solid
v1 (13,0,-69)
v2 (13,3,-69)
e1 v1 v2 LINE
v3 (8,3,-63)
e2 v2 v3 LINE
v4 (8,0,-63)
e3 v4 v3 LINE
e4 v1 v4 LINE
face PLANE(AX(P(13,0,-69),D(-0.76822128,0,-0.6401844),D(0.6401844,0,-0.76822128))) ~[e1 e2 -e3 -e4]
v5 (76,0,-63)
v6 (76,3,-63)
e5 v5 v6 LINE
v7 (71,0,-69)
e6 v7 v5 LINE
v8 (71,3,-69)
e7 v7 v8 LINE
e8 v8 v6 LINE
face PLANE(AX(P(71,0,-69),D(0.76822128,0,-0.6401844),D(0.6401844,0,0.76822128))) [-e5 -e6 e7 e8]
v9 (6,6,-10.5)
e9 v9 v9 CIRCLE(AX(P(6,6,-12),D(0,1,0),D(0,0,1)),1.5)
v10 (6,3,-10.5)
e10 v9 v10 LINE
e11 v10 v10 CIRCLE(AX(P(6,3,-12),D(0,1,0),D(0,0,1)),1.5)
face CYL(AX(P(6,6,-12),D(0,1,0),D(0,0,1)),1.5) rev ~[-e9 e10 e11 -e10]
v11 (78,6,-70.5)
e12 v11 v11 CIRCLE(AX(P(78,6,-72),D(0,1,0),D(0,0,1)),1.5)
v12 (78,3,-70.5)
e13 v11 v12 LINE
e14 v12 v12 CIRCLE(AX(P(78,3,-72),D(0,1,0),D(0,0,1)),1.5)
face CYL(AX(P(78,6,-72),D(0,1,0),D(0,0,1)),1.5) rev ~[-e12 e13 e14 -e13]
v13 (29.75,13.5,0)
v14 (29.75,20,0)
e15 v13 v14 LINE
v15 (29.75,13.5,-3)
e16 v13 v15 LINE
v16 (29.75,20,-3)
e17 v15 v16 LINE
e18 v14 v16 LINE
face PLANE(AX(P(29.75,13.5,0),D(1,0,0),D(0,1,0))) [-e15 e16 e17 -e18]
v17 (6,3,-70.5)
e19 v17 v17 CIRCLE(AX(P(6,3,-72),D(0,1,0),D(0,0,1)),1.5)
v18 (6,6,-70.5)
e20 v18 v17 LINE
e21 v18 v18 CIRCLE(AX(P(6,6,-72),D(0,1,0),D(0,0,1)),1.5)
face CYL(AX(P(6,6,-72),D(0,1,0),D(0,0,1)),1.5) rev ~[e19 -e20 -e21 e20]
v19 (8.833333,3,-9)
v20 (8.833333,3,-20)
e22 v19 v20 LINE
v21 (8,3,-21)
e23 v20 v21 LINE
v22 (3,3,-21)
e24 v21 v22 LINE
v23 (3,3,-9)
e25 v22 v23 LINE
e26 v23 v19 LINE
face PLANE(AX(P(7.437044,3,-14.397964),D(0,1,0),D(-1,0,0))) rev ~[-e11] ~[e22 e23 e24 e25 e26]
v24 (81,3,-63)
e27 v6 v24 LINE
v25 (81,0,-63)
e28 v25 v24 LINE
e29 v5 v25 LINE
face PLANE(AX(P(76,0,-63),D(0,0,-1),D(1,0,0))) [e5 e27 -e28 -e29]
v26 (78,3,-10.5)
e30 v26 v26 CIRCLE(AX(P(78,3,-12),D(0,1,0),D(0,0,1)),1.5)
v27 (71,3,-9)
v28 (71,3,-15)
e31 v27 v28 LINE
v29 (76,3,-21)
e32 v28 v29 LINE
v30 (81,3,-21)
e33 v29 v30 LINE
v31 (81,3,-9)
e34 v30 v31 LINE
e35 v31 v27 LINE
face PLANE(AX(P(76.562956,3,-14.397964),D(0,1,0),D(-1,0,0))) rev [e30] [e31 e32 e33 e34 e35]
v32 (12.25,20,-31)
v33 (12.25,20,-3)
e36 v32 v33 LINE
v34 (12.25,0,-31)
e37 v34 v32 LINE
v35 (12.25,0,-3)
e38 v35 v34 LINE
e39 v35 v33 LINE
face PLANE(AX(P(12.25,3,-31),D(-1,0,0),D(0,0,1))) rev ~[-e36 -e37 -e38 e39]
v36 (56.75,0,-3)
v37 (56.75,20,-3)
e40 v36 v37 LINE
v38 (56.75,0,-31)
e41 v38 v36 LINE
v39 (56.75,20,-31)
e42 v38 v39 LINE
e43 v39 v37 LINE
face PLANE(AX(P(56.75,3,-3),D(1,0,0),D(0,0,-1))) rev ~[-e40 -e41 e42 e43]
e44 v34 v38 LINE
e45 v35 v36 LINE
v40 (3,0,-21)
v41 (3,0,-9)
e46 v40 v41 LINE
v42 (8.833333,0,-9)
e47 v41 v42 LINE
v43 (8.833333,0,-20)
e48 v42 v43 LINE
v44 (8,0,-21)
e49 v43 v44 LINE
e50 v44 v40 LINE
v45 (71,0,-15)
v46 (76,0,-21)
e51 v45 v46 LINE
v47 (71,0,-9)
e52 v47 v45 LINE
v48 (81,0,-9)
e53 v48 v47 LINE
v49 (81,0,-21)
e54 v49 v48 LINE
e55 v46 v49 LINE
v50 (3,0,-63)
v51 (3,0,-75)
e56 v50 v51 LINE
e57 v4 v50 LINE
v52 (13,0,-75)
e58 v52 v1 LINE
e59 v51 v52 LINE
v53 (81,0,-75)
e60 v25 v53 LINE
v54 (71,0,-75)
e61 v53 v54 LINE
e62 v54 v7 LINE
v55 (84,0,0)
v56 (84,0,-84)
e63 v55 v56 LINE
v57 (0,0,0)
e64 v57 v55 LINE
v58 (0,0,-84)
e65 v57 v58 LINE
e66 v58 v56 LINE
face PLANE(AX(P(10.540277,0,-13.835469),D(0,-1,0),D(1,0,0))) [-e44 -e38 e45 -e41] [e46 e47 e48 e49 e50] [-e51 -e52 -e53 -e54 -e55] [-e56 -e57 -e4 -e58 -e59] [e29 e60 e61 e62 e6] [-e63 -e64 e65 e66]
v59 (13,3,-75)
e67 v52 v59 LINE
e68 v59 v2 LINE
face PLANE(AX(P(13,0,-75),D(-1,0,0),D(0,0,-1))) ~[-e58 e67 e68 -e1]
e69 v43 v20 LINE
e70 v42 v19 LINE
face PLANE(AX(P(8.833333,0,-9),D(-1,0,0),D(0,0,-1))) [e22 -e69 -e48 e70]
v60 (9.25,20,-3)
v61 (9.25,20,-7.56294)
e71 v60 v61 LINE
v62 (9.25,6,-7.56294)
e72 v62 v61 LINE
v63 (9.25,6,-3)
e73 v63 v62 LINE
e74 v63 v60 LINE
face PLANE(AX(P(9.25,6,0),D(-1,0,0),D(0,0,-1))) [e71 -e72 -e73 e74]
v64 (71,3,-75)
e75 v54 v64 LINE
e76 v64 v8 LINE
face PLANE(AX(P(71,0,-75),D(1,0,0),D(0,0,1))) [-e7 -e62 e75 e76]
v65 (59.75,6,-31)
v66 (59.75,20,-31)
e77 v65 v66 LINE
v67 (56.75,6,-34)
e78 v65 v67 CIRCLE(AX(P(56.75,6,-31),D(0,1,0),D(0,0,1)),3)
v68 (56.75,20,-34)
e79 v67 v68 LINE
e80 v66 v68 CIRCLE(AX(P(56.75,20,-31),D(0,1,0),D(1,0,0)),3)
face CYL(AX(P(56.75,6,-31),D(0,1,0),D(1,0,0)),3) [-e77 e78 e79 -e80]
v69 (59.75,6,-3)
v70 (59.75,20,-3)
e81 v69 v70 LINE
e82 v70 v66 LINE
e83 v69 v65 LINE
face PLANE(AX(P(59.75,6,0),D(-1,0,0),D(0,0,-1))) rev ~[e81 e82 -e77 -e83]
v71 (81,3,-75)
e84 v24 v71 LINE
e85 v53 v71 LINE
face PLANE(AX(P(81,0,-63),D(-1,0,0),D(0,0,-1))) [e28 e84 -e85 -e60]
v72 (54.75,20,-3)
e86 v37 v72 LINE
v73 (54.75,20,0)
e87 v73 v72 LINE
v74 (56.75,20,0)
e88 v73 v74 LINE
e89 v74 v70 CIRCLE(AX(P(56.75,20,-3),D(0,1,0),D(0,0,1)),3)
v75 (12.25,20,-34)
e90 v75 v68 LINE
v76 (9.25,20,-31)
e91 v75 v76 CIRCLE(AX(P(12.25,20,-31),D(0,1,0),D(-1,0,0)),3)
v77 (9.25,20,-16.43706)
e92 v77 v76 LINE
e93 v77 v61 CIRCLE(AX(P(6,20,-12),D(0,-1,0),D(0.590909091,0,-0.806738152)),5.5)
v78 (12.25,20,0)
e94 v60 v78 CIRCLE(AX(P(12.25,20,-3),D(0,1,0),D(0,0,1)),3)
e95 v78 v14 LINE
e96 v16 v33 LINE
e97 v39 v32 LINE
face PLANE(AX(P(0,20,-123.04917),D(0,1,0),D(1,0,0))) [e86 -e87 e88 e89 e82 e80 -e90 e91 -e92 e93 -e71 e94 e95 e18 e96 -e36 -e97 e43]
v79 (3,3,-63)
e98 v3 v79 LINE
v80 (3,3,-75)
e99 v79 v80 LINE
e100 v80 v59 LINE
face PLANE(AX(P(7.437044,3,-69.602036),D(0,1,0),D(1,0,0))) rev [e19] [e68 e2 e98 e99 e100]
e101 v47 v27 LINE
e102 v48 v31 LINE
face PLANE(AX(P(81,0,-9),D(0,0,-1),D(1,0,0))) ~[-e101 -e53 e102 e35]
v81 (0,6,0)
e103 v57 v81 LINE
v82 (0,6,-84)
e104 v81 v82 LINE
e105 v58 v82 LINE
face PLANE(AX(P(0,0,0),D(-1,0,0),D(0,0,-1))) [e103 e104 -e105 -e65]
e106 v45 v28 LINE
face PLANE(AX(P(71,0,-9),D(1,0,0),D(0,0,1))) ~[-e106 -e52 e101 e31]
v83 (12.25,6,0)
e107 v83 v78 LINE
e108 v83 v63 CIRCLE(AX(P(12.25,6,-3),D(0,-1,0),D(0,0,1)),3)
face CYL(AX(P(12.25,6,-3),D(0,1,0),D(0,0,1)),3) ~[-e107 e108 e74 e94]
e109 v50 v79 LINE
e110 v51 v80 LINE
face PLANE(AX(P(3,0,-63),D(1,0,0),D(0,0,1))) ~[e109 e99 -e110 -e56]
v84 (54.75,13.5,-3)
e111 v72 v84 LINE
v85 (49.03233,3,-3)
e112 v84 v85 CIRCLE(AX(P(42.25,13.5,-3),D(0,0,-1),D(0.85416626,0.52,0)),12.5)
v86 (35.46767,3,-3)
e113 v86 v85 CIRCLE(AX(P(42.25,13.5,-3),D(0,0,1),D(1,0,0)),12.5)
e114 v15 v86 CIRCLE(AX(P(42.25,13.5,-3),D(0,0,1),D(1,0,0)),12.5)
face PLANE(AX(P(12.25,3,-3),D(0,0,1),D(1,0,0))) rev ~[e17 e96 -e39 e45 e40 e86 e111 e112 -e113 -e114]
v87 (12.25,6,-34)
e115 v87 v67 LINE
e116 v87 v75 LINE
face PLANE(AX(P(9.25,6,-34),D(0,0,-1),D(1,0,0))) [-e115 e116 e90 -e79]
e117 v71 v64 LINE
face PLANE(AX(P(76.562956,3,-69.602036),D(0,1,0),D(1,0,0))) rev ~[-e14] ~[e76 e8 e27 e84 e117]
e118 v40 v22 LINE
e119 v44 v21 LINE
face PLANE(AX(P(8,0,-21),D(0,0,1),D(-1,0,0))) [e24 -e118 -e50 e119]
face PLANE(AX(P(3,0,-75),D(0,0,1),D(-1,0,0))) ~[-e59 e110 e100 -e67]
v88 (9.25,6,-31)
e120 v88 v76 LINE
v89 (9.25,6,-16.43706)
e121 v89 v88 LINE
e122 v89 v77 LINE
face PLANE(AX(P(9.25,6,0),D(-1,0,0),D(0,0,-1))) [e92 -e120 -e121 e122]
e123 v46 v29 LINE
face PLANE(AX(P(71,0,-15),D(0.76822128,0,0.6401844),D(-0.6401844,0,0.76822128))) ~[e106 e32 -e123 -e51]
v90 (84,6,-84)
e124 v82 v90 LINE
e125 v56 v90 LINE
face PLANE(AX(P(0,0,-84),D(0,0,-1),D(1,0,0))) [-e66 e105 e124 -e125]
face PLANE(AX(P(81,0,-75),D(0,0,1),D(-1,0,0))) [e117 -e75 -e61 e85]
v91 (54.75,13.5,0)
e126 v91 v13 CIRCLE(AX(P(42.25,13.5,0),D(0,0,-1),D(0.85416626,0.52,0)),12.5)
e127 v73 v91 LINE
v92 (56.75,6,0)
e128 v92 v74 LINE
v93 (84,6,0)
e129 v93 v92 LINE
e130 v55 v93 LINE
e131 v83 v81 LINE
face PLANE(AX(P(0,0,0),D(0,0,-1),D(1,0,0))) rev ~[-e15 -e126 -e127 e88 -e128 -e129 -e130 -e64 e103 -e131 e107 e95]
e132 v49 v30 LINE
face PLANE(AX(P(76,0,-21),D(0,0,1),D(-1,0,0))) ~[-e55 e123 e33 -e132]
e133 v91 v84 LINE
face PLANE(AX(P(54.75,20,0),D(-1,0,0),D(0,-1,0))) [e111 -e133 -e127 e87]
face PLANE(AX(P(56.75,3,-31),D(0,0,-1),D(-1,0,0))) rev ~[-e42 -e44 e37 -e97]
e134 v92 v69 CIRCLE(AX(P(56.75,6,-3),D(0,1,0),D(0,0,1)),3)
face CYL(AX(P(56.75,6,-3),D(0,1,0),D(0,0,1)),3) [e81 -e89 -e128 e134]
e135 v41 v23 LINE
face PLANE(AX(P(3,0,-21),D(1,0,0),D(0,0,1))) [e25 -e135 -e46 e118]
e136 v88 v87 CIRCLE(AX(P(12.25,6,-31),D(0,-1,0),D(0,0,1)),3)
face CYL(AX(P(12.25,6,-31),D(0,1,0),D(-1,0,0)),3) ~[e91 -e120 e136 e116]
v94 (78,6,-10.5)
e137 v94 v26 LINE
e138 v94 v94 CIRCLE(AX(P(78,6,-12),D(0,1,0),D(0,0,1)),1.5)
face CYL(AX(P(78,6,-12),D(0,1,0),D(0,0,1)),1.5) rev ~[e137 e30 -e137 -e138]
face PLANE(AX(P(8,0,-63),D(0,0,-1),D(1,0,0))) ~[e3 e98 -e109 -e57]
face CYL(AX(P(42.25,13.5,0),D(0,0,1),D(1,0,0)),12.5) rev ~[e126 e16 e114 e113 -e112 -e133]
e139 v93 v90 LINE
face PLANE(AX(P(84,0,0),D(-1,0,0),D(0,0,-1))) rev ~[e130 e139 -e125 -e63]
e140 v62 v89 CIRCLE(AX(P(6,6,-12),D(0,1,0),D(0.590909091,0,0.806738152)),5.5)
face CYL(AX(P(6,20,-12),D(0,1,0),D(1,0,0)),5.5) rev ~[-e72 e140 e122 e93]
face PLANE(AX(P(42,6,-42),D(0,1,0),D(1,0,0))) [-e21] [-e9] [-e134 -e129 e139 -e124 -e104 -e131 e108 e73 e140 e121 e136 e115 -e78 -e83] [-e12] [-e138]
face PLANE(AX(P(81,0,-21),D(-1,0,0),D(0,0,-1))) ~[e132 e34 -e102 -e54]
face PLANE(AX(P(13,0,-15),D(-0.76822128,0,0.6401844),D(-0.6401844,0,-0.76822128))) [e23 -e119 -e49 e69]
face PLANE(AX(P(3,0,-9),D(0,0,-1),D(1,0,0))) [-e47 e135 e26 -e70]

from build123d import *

# Parameters (mm, degrees)
SKETCH1_W                                = 84
SKETCH1_H                                = 84
BOSS_EXTRUDE1_DEPTH                      = 6
SKETCH2_R                                = 1.5
CUT_EXTRUDE1_DEPTH                       = 119.94536561
SKETCH5_W                                = 50.5
SKETCH5_H                                = 34
BOSS_EXTRUDE2_DEPTH                      = 22
SKETCH6_W                                = 44.5
SKETCH6_H                                = 28
CUT_EXTRUDE5_DEPTH                       = 25
FILLET1_R                                = 3
SKETCH8_R                                = 12.5
CUT_EXTRUDE6_DEPTH                       = 10
CUT_EXTRUDE7_DEPTH                       = 123.049170419
CUT_EXTRUDE7_DEPTH_BACK                  = 123.049170419
SKETCH9_W                                = 84
SKETCH9_H                                = 8
CUT_EXTRUDE8_DEPTH                       = 3
MIRROR1_AT_THE_SECOND_PLANE_COPY_1_DEPTH = 3
SKETCH13_R                               = 5.5
CUT_EXTRUDE9_DEPTH                       = 14
CUT_EXTRUDE10_DEPTH                      = 10
CUT_EXTRUDE11_DEPTH                      = 10
BOSS_EXTRUDE3_DEPTH                      = 3
CUT_EXTRUDE14_DEPTH                      = 4
SKETCH20_W                               = 13.564659966
SKETCH20_H                               = 7
CUT_EXTRUDE15_DEPTH                      = 4


with BuildPart() as part:
    # Sketch1 → Boss-Extrude1 (new body)
    with BuildSketch(Plane(origin=(0, 0, 0), x_dir=(1, 0, 0), z_dir=(0, 1, 0))):
        with Locations((42, 42)):
            Rectangle(SKETCH1_W, SKETCH1_H)
    extrude(amount=BOSS_EXTRUDE1_DEPTH)

    # Sketch2 → Cut-Extrude1 (cut, through all)
    with BuildSketch(Plane(origin=(0, 6, 0), x_dir=(1, 0, 0), z_dir=(0, 1, 0))):
        with Locations(Location((6, 72, 0), (0, 0, 270))):
            Circle(SKETCH2_R)
        with Locations(Location((6, 12, 0), (0, 0, 270))):
            Circle(SKETCH2_R)
        with Locations(Location((78, 12, 0), (0, 0, 270))):
            Circle(SKETCH2_R)
        with Locations(Location((78, 72, 0), (0, 0, 270))):
            Circle(SKETCH2_R)
    extrude(amount=-CUT_EXTRUDE1_DEPTH, mode=Mode.SUBTRACT)

    # Sketch5 → Boss-Extrude2 (add)
    with BuildSketch(Plane(origin=(0, 6, 0), x_dir=(1, 0, 0), z_dir=(0, 1, 0))):
        with Locations((34.5, 17)):
            Rectangle(SKETCH5_W, SKETCH5_H)
    extrude(amount=BOSS_EXTRUDE2_DEPTH)

    # Sketch6 → Cut-Extrude5 (cut)
    with BuildSketch(Plane(origin=(0, 28, 0), x_dir=(1, 0, 0), z_dir=(0, 1, 0))):
        with Locations((34.5, 17)):
            Rectangle(SKETCH6_W, SKETCH6_H)
    extrude(amount=-CUT_EXTRUDE5_DEPTH, mode=Mode.SUBTRACT)

    # Fillet1
    fillet1_edges = [part.edges().sort_by_distance(p)[0] for p in [
        (59.75, 17, -34),
        (9.25, 17, -34),
        (9.25, 17, 0),
        (59.75, 17, 0),
    ]]
    fillet(fillet1_edges, radius=FILLET1_R)

    # Sketch8 → Cut-Extrude6 (cut)
    with BuildSketch(Plane.XY):
        with Locations((42.25, 13.5)):
            Circle(SKETCH8_R)
    extrude(amount=-CUT_EXTRUDE6_DEPTH, mode=Mode.SUBTRACT)

    # Sketch9 → Cut-Extrude7 (cut, two sides: drawn at the far end of the back side and taken through both)
    with BuildSketch(Plane.XY.offset(-CUT_EXTRUDE7_DEPTH_BACK)):
        with Locations((42, 24)):
            Rectangle(SKETCH9_W, SKETCH9_H)
    extrude(amount=CUT_EXTRUDE7_DEPTH + CUT_EXTRUDE7_DEPTH_BACK, mode=Mode.SUBTRACT)

    # Sketch11 → Cut-Extrude8 (cut)
    with BuildSketch(Plane.XZ):
        Polygon((3, -9), (13, -9), (13, -15), (8, -21), (3, -21), align=None)
    cut_extrude8 = extrude(amount=-CUT_EXTRUDE8_DEPTH, mode=Mode.SUBTRACT)

    # Mirror1: Cut-Extrude8 across plane
    add(cut_extrude8.mirror(Plane.XY.offset(-42)), mode=Mode.SUBTRACT)

    # Mirror1 at the second plane: Cut-Extrude8 across plane
    add(cut_extrude8.mirror(Plane.ZY.offset(-42)), mode=Mode.SUBTRACT)

    # Mirror1 at the second plane copy 1 sketc → Mirror1 at the second plane copy 1 (cut)
    with BuildSketch(Plane(origin=(84, 0, -84), x_dir=(-1, 0, 0), z_dir=(0, -1, 0))):
        Polygon((3, -9), (13, -9), (13, -15), (8, -21), (3, -21), align=None)
    extrude(amount=-MIRROR1_AT_THE_SECOND_PLANE_COPY_1_DEPTH, mode=Mode.SUBTRACT)

    # Sketch13 → Cut-Extrude9 (cut)
    with BuildSketch(Plane(origin=(0, 20, 0), x_dir=(1, 0, 0), z_dir=(0, 1, 0))):
        with Locations((6, 12)):
            Circle(SKETCH13_R)
    extrude(amount=-CUT_EXTRUDE9_DEPTH, mode=Mode.SUBTRACT)

    # Sketch14 → Cut-Extrude10 (cut)
    with BuildSketch(Plane.XY):
        Polygon((29.75, 13.5), (29.75, 20), (31.572921748, 20), align=None)
    extrude(amount=-CUT_EXTRUDE10_DEPTH, mode=Mode.SUBTRACT)

    # Sketch15 → Cut-Extrude11 (cut)
    with BuildSketch(Plane.XY):
        Polygon((54.75, 20), (54.75, 13.5), (52.927078252, 20), align=None)
    extrude(amount=-CUT_EXTRUDE11_DEPTH, mode=Mode.SUBTRACT)

    # Sketch17 → Boss-Extrude3 (add)
    with BuildSketch(Plane.XZ):
        Polygon((8.833333333, -9), (8.833333333, -20), (13, -15), (13, -9), align=None)
    extrude(amount=-BOSS_EXTRUDE3_DEPTH)

    # Sketch18 → Cut-Extrude14 (cut)
    with BuildSketch(Plane(origin=(0, 3, 0), x_dir=(1, 0, 0), z_dir=(0, 1, 0))):
        Polygon((35.467670017, 3), (35.467670017, 10), (49.032329983, 10), (49.032329983, 3), (56.75, 3), (56.75, 31), (12.25, 31), (12.25, 3), align=None)
    extrude(amount=-CUT_EXTRUDE14_DEPTH, mode=Mode.SUBTRACT)

    # Sketch20 → Cut-Extrude15 (cut)
    with BuildSketch(Plane.XZ):
        with Locations((42.25, -6.5)):
            Rectangle(SKETCH20_W, SKETCH20_H)
    extrude(amount=-CUT_EXTRUDE15_DEPTH, mode=Mode.SUBTRACT)


solid = part.part
